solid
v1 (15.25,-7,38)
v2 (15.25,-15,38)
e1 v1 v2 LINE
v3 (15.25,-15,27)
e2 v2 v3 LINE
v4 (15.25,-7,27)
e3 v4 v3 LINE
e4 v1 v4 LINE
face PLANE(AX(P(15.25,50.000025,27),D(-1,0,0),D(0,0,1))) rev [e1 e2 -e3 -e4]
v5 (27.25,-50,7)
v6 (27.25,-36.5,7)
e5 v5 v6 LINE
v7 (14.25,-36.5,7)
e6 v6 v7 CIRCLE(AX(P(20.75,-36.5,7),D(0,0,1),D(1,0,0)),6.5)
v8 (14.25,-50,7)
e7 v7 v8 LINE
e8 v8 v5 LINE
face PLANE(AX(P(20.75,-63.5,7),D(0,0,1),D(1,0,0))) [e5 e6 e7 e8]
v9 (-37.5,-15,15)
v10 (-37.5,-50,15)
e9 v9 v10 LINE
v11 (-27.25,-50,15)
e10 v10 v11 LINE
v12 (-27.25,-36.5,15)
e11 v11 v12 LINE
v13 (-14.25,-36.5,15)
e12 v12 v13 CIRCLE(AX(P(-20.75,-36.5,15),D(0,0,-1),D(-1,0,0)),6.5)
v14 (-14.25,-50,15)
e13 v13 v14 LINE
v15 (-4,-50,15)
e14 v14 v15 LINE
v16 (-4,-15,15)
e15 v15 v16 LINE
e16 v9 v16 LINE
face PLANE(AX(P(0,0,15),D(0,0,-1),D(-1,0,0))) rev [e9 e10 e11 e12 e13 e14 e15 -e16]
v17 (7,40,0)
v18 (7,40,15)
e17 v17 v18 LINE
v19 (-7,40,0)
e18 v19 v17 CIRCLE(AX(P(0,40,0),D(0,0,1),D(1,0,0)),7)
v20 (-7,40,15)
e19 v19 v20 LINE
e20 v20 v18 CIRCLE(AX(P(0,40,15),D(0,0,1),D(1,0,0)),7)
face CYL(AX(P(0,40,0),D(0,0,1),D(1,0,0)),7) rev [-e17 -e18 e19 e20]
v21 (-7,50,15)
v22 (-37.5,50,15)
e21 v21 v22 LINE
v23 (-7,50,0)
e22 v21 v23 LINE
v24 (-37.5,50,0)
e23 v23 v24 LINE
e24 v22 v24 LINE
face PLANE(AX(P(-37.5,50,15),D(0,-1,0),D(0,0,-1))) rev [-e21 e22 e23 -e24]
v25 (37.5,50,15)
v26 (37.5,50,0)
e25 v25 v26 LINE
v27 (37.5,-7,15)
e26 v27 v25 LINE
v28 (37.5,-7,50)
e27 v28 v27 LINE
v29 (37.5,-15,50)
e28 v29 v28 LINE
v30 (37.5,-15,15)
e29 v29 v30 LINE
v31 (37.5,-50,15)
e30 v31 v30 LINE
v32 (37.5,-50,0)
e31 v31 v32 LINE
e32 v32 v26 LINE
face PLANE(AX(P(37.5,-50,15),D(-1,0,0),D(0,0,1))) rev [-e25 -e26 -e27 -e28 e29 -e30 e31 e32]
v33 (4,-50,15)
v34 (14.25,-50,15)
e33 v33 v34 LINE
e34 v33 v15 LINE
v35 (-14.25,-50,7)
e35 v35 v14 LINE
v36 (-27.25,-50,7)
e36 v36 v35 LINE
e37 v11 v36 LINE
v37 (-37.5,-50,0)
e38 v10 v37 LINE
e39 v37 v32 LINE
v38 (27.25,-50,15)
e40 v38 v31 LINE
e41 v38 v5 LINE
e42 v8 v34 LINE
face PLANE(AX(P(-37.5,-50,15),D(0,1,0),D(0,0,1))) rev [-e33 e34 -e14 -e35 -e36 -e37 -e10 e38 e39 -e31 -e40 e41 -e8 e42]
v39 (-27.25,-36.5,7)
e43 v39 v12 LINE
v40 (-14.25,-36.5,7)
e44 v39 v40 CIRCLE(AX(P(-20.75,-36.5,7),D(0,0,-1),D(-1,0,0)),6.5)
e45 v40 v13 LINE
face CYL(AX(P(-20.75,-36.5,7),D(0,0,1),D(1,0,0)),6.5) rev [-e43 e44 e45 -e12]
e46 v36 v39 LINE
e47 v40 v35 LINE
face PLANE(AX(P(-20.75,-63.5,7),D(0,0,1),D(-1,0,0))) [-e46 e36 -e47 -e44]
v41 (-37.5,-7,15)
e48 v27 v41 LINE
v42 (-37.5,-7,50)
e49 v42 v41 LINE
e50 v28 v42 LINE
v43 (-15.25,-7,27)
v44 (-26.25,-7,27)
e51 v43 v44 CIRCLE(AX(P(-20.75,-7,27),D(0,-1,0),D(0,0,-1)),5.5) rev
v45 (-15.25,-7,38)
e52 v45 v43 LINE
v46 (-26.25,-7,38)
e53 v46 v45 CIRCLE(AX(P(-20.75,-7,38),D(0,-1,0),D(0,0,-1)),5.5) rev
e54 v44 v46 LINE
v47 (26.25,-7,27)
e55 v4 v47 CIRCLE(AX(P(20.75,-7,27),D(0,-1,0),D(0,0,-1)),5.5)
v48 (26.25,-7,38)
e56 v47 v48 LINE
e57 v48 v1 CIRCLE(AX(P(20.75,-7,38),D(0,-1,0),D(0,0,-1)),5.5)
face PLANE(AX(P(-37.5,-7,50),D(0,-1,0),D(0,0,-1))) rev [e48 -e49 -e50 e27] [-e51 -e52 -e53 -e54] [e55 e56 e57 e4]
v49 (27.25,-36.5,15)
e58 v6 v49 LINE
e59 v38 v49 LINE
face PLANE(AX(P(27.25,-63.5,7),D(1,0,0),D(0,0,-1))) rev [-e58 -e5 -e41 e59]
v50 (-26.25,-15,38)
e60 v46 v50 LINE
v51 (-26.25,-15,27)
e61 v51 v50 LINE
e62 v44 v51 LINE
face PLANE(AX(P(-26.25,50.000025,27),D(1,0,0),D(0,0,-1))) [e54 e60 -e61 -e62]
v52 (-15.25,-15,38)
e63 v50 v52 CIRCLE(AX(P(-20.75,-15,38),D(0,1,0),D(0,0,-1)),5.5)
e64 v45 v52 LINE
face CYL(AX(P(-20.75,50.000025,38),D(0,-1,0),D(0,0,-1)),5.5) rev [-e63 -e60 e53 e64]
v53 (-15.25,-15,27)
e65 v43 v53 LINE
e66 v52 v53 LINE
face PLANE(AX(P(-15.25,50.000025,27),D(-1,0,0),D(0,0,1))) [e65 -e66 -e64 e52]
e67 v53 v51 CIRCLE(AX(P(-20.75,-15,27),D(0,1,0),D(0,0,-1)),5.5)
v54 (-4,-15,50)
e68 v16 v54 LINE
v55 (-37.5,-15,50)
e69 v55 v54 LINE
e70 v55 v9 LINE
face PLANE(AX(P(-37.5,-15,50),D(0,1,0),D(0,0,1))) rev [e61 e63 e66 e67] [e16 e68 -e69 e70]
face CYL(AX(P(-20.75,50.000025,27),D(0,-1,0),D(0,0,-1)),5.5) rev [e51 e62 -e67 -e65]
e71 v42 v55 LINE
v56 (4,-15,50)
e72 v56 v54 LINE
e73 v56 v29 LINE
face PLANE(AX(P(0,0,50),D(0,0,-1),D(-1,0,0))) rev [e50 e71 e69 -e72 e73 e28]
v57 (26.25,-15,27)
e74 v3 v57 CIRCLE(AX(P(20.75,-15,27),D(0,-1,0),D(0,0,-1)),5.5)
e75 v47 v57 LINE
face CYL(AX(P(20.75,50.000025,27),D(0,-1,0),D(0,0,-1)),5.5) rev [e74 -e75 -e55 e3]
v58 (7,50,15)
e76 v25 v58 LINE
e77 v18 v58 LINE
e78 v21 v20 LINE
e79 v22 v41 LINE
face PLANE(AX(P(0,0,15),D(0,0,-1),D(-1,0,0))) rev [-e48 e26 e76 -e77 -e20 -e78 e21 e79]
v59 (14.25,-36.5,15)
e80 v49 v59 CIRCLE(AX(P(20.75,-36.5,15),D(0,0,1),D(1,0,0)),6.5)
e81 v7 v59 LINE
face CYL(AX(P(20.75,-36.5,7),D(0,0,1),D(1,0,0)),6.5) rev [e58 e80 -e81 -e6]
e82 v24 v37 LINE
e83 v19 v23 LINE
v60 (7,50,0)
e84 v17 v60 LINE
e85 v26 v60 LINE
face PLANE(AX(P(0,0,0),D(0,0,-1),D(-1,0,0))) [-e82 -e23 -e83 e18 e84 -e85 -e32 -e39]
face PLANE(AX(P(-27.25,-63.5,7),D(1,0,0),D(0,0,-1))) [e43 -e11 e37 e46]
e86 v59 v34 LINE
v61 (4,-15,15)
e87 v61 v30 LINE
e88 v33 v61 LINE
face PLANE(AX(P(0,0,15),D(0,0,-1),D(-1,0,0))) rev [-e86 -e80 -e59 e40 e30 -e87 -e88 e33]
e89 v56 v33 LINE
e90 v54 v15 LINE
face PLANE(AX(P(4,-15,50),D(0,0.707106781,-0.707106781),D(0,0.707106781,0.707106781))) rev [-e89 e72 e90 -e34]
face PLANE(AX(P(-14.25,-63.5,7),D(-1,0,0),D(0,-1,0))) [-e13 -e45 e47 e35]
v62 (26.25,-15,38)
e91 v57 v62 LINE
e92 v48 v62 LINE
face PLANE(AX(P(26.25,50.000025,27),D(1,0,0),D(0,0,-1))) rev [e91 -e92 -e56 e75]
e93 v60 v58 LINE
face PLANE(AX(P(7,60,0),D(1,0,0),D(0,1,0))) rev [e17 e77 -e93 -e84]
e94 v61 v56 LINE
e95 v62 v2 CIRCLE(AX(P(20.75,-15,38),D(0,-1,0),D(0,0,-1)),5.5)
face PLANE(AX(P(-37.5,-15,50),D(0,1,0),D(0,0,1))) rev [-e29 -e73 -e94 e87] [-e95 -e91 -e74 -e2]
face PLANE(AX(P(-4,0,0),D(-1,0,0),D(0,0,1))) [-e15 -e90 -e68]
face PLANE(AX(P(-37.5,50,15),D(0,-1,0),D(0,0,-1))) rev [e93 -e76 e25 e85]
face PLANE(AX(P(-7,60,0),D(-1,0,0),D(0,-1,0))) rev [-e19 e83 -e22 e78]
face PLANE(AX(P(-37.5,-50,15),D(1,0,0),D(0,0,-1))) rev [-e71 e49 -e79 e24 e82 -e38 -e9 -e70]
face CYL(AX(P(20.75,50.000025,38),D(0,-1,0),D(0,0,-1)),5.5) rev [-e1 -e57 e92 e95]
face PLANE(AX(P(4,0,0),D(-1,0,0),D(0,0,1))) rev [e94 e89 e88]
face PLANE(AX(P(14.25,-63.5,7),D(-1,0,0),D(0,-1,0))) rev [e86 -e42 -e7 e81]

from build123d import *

# Parameters (mm, degrees)
SKETCH_1_W          = 75
SKETCH_1_H          = 100
EXTRUDE_1_DEPTH     = 15
SKETCH_2_W          = 75
SKETCH_2_H          = 8
EXTRUDE_2_DEPTH     = 35
EXTRUDE_3_DEPTH     = 4
CUT_EXTRUDE_1_DEPTH = 91.173443984
CUT_EXTRUDE_2_DEPTH = 8
CUT_EXTRUDE_3_DEPTH = 72.632743909


with BuildPart() as part:
    # Эскиз1 → Бобышка-Вытянуть1 (new body)
    with BuildSketch(Plane.XY):
        Rectangle(SKETCH_1_W, SKETCH_1_H)
    extrude(amount=EXTRUDE_1_DEPTH)

    # Эскиз2 → Бобышка-Вытянуть2 (add)
    with BuildSketch(Plane.XY.offset(15)):
        with Locations((0, -11)):
            Rectangle(SKETCH_2_W, SKETCH_2_H)
    extrude(amount=EXTRUDE_2_DEPTH)

    # Эскиз3 → Бобышка-Вытянуть3 (add, symmetric)
    with BuildSketch(Plane(origin=(0, 0, 0), x_dir=(0, 0, -1), z_dir=(1, 0, 0))):
        Polygon((-50, -15), (-15, -50), (-15, -15), align=None)
    extrude(amount=EXTRUDE_3_DEPTH, both=True)

    # Эскиз4 → Вырез-Вытянуть1 (cut, through all)
    with BuildSketch(Plane.XZ.offset(15)):
        with BuildLine():
            Line((15.25, 27), (15.25, 38))
            ThreePointArc((15.25, 38), (20.75, 43.5), (26.25, 38))
            Line((26.25, 38), (26.25, 27))
            ThreePointArc((26.25, 27), (20.75, 21.5), (15.25, 27))
        make_face()
    cut_extrude_1 = extrude(amount=-CUT_EXTRUDE_1_DEPTH, mode=Mode.SUBTRACT)

    # Эскиз5 → Вырез-Вытянуть2 (cut)
    with BuildSketch(Plane.XY.offset(15)):
        with BuildLine():
            Line((14.25, -63.5), (14.25, -36.5))
            ThreePointArc((14.25, -36.5), (20.75, -30), (27.25, -36.5))
            Line((27.25, -36.5), (27.25, -63.5))
            ThreePointArc((27.25, -63.5), (20.75, -70), (14.25, -63.5))
        make_face()
    cut_extrude_2 = extrude(amount=-CUT_EXTRUDE_2_DEPTH, mode=Mode.SUBTRACT)

    # Эскиз6 → Вырез-Вытянуть3 (cut, through all)
    with BuildSketch(Plane.XY.offset(15)):
        with BuildLine():
            Line((7, 60), (7, 40))
            ThreePointArc((7, 40), (0, 33), (-7, 40))
            Line((-7, 40), (-7, 60))
            ThreePointArc((-7, 60), (0, 67), (7, 60))
        make_face()
    extrude(amount=-CUT_EXTRUDE_3_DEPTH, mode=Mode.SUBTRACT)

    # Зеркальное отражение1: Вырез-Вытянуть1, Вырез-Вытянуть2 across plane
    add(cut_extrude_1.mirror(Plane(origin=(0, 0, 0), x_dir=(0, 0, 1), z_dir=(1, 0, 0))), mode=Mode.SUBTRACT)
    add(cut_extrude_2.mirror(Plane(origin=(0, 0, 0), x_dir=(0, 0, 1), z_dir=(1, 0, 0))), mode=Mode.SUBTRACT)


solid = part.part
